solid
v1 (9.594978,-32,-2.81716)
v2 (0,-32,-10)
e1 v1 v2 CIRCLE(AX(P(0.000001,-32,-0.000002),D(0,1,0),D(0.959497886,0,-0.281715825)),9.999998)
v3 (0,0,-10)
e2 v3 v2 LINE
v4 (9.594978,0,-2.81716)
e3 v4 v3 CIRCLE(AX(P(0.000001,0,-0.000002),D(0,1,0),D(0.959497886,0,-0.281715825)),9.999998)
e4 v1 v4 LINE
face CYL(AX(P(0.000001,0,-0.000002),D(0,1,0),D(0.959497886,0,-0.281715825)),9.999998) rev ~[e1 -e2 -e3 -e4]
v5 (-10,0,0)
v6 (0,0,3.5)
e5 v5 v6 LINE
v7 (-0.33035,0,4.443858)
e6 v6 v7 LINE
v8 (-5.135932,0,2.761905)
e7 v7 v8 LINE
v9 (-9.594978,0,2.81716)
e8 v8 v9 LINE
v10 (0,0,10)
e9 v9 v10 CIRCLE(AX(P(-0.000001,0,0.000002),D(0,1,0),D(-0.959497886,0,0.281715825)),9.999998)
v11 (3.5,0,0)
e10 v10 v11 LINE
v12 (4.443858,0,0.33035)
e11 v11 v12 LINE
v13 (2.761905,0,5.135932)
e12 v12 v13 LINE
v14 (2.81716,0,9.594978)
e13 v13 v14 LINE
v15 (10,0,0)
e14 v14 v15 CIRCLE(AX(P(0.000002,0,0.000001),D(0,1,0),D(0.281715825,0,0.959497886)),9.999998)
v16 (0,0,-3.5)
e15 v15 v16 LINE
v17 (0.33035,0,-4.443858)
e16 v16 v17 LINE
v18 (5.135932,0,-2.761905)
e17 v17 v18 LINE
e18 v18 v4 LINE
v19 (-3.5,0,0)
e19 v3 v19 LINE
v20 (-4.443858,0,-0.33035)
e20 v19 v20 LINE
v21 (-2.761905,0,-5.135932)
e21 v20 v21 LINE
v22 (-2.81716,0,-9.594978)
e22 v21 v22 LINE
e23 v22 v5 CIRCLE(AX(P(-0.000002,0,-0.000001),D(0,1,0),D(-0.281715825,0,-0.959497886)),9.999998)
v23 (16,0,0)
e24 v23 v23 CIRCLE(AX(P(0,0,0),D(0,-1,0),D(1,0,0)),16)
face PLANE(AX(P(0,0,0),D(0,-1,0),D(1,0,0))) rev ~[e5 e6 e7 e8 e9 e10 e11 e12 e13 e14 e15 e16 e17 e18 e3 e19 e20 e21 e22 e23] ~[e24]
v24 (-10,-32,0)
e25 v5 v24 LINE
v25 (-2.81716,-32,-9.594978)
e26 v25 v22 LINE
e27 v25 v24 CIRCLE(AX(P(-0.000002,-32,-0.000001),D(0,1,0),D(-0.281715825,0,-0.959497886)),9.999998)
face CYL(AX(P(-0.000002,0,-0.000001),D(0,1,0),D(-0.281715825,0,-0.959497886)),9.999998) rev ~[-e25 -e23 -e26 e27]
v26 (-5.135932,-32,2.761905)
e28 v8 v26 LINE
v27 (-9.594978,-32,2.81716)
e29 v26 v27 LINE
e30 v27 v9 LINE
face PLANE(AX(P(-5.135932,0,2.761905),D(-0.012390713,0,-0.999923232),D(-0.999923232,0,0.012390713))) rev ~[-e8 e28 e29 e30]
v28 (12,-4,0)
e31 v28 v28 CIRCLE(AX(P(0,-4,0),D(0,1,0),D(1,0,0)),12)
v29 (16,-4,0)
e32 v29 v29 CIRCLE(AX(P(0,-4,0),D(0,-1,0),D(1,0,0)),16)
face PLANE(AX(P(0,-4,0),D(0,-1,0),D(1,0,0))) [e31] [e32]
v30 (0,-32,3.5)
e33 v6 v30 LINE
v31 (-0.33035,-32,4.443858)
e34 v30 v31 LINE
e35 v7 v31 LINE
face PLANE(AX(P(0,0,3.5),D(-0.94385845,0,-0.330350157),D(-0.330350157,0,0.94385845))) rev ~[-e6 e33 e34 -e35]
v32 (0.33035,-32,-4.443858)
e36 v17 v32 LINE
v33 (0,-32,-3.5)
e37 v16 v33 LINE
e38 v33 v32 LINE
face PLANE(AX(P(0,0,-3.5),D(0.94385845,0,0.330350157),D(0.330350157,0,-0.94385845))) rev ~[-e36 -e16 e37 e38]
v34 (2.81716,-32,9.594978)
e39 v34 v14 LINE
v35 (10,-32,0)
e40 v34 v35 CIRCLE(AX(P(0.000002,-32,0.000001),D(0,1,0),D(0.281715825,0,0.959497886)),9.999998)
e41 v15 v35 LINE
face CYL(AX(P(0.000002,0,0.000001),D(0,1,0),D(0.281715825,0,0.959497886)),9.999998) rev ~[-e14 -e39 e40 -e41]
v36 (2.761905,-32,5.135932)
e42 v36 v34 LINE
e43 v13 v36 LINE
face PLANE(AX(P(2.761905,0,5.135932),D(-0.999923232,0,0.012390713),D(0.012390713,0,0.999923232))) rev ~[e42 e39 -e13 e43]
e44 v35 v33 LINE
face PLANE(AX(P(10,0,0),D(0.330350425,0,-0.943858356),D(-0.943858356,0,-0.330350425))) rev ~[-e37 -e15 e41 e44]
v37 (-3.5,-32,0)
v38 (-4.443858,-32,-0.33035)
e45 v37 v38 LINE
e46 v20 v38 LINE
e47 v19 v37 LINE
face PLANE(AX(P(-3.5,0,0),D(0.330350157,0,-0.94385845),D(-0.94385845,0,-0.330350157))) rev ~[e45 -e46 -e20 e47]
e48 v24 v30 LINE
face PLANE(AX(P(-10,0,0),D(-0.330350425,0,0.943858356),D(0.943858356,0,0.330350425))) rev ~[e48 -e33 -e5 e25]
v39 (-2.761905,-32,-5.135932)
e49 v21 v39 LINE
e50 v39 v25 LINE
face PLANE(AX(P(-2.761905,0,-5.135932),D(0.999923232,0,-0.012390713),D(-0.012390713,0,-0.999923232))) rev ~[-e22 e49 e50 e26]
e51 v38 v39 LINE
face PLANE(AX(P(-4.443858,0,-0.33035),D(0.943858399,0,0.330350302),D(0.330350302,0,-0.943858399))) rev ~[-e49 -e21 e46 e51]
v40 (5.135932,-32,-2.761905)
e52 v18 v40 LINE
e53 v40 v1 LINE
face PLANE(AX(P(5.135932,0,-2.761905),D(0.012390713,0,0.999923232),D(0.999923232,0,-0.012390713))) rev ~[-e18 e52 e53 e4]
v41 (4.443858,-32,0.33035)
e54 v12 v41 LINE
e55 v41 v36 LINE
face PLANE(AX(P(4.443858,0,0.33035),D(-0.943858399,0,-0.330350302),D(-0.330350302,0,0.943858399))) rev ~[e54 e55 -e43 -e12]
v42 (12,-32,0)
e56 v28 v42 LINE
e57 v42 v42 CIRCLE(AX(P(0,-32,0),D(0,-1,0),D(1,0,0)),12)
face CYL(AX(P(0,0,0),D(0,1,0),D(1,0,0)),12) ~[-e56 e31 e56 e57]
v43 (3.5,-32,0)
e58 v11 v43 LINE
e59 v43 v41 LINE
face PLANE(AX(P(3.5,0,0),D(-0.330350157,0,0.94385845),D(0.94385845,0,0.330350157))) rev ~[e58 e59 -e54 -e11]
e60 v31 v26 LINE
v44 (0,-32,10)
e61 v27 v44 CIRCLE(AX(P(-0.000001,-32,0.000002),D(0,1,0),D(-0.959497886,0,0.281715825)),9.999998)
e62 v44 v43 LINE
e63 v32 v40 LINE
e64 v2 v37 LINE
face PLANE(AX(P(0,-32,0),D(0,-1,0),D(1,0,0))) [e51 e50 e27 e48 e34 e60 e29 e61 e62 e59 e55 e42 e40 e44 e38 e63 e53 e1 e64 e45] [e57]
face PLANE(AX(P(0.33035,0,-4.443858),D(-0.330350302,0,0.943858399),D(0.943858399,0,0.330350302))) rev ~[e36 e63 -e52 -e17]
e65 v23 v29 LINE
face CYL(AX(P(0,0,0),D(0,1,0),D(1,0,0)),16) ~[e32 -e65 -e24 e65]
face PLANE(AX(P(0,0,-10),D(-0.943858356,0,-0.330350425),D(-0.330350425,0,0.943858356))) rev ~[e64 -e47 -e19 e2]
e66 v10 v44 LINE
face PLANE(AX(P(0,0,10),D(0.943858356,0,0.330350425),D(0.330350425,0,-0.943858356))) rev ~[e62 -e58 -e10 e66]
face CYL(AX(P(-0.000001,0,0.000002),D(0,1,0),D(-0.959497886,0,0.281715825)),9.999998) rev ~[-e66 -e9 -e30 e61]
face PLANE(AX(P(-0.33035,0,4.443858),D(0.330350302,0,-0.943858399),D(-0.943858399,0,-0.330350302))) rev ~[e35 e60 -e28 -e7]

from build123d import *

# Parameters (mm, degrees)
F0_R     = 16
F0_R_2   = 12
F1_DEPTH = 4
F2_DEPTH = 32


with BuildPart() as f1:
    # F0 (on Front) → F1 (new body)
    with BuildSketch(Plane.XZ):
        Circle(F0_R)
        Circle(F0_R_2, mode=Mode.SUBTRACT)
        Circle(F0_R_2)
        with BuildLine():
            ThreePointArc((2.81716, 9.594978), (8.005361, 5.992846), (10, 0))
            ThreePointArc((10, 0), (9.985368, -0.540767), (9.941514, -1.079951))
            ThreePointArc((9.941514, -1.079951), (9.806789, -1.956244), (9.594978, -2.81716))
            ThreePointArc((9.594978, -2.81716), (5.992846, -8.005361), (0, -10))
            ThreePointArc((0, -10), (-0.540767, -9.985368), (-1.079951, -9.941514))
            ThreePointArc((-1.079951, -9.941514), (-1.956244, -9.806789), (-2.81716, -9.594978))
            ThreePointArc((-2.81716, -9.594978), (-8.005361, -5.992846), (-10, 0))
            ThreePointArc((-10, 0), (-9.985368, 0.540767), (-9.941514, 1.079951))
            ThreePointArc((-9.941514, 1.079951), (-9.806789, 1.956244), (-9.594978, 2.81716))
            ThreePointArc((-9.594978, 2.81716), (-5.992846, 8.005361), (0, 10))
            ThreePointArc((0, 10), (0.540767, 9.985368), (1.079951, 9.941514))
            ThreePointArc((1.079951, 9.941514), (1.956244, 9.806789), (2.81716, 9.594978))
        make_face(mode=Mode.SUBTRACT)
    extrude(amount=F1_DEPTH)

    # F0 (on Front) → F2 (join)
    with BuildSketch(Plane.XZ):
        Circle(F0_R_2)
        with BuildLine():
            ThreePointArc((2.81716, 9.594978), (8.005361, 5.992846), (10, 0))
            ThreePointArc((10, 0), (9.985368, -0.540767), (9.941514, -1.079951))
            ThreePointArc((9.941514, -1.079951), (9.806789, -1.956244), (9.594978, -2.81716))
            ThreePointArc((9.594978, -2.81716), (5.992846, -8.005361), (0, -10))
            ThreePointArc((0, -10), (-0.540767, -9.985368), (-1.079951, -9.941514))
            ThreePointArc((-1.079951, -9.941514), (-1.956244, -9.806789), (-2.81716, -9.594978))
            ThreePointArc((-2.81716, -9.594978), (-8.005361, -5.992846), (-10, 0))
            ThreePointArc((-10, 0), (-9.985368, 0.540767), (-9.941514, 1.079951))
            ThreePointArc((-9.941514, 1.079951), (-9.806789, 1.956244), (-9.594978, 2.81716))
            ThreePointArc((-9.594978, 2.81716), (-5.992846, 8.005361), (0, 10))
            ThreePointArc((0, 10), (0.540767, 9.985368), (1.079951, 9.941514))
            ThreePointArc((1.079951, 9.941514), (1.956244, 9.806789), (2.81716, 9.594978))
        make_face(mode=Mode.SUBTRACT)
        with BuildLine():
            ThreePointArc((-1.079951, -9.941514), (-0.540767, -9.985368), (0, -10))
            Line((0, -10), (-3.5, 0))
            Line((-3.5, 0), (-4.443858, -0.33035))
            Line((-4.443858, -0.33035), (-2.761905, -5.135932))
            Line((-2.761905, -5.135932), (-1.079951, -9.941514))
        make_face()
        with BuildLine():
            ThreePointArc((-2.81716, -9.594978), (-1.956244, -9.806789), (-1.079951, -9.941514))
            Line((-1.079951, -9.941514), (-2.761905, -5.135932))
            Line((-2.761905, -5.135932), (-2.81716, -9.594978))
        make_face()
        with BuildLine():
            ThreePointArc((9.941514, -1.079951), (9.985368, -0.540767), (10, 0))
            Line((10, 0), (0, -3.5))
            Line((0, -3.5), (0.33035, -4.443858))
            Line((0.33035, -4.443858), (5.135932, -2.761905))
            Line((5.135932, -2.761905), (9.941514, -1.079951))
        make_face()
        with BuildLine():
            ThreePointArc((9.594978, -2.81716), (9.806789, -1.956244), (9.941514, -1.079951))
            Line((9.941514, -1.079951), (5.135932, -2.761905))
            Line((5.135932, -2.761905), (9.594978, -2.81716))
        make_face()
        with BuildLine():
            Line((2.761905, 5.135932), (1.079951, 9.941514))
            ThreePointArc((1.079951, 9.941514), (0.540767, 9.985368), (0, 10))
            Line((0, 10), (3.5, 0))
            Line((3.5, 0), (4.443858, 0.33035))
            Line((4.443858, 0.33035), (2.761905, 5.135932))
        make_face()
        with BuildLine():
            Line((2.761905, 5.135932), (2.81716, 9.594978))
            ThreePointArc((2.81716, 9.594978), (1.956244, 9.806789), (1.079951, 9.941514))
            Line((1.079951, 9.941514), (2.761905, 5.135932))
        make_face()
        with BuildLine():
            Line((-5.135932, 2.761905), (-9.594978, 2.81716))
            ThreePointArc((-9.594978, 2.81716), (-9.806789, 1.956244), (-9.941514, 1.079951))
            Line((-9.941514, 1.079951), (-5.135932, 2.761905))
        make_face()
        with BuildLine():
            Line((-5.135932, 2.761905), (-9.941514, 1.079951))
            ThreePointArc((-9.941514, 1.079951), (-9.985368, 0.540767), (-10, 0))
            Line((-10, 0), (0, 3.5))
            Line((0, 3.5), (-0.33035, 4.443858))
            Line((-0.33035, 4.443858), (-5.135932, 2.761905))
        make_face()
    extrude(amount=F2_DEPTH)


solid = f1.part
